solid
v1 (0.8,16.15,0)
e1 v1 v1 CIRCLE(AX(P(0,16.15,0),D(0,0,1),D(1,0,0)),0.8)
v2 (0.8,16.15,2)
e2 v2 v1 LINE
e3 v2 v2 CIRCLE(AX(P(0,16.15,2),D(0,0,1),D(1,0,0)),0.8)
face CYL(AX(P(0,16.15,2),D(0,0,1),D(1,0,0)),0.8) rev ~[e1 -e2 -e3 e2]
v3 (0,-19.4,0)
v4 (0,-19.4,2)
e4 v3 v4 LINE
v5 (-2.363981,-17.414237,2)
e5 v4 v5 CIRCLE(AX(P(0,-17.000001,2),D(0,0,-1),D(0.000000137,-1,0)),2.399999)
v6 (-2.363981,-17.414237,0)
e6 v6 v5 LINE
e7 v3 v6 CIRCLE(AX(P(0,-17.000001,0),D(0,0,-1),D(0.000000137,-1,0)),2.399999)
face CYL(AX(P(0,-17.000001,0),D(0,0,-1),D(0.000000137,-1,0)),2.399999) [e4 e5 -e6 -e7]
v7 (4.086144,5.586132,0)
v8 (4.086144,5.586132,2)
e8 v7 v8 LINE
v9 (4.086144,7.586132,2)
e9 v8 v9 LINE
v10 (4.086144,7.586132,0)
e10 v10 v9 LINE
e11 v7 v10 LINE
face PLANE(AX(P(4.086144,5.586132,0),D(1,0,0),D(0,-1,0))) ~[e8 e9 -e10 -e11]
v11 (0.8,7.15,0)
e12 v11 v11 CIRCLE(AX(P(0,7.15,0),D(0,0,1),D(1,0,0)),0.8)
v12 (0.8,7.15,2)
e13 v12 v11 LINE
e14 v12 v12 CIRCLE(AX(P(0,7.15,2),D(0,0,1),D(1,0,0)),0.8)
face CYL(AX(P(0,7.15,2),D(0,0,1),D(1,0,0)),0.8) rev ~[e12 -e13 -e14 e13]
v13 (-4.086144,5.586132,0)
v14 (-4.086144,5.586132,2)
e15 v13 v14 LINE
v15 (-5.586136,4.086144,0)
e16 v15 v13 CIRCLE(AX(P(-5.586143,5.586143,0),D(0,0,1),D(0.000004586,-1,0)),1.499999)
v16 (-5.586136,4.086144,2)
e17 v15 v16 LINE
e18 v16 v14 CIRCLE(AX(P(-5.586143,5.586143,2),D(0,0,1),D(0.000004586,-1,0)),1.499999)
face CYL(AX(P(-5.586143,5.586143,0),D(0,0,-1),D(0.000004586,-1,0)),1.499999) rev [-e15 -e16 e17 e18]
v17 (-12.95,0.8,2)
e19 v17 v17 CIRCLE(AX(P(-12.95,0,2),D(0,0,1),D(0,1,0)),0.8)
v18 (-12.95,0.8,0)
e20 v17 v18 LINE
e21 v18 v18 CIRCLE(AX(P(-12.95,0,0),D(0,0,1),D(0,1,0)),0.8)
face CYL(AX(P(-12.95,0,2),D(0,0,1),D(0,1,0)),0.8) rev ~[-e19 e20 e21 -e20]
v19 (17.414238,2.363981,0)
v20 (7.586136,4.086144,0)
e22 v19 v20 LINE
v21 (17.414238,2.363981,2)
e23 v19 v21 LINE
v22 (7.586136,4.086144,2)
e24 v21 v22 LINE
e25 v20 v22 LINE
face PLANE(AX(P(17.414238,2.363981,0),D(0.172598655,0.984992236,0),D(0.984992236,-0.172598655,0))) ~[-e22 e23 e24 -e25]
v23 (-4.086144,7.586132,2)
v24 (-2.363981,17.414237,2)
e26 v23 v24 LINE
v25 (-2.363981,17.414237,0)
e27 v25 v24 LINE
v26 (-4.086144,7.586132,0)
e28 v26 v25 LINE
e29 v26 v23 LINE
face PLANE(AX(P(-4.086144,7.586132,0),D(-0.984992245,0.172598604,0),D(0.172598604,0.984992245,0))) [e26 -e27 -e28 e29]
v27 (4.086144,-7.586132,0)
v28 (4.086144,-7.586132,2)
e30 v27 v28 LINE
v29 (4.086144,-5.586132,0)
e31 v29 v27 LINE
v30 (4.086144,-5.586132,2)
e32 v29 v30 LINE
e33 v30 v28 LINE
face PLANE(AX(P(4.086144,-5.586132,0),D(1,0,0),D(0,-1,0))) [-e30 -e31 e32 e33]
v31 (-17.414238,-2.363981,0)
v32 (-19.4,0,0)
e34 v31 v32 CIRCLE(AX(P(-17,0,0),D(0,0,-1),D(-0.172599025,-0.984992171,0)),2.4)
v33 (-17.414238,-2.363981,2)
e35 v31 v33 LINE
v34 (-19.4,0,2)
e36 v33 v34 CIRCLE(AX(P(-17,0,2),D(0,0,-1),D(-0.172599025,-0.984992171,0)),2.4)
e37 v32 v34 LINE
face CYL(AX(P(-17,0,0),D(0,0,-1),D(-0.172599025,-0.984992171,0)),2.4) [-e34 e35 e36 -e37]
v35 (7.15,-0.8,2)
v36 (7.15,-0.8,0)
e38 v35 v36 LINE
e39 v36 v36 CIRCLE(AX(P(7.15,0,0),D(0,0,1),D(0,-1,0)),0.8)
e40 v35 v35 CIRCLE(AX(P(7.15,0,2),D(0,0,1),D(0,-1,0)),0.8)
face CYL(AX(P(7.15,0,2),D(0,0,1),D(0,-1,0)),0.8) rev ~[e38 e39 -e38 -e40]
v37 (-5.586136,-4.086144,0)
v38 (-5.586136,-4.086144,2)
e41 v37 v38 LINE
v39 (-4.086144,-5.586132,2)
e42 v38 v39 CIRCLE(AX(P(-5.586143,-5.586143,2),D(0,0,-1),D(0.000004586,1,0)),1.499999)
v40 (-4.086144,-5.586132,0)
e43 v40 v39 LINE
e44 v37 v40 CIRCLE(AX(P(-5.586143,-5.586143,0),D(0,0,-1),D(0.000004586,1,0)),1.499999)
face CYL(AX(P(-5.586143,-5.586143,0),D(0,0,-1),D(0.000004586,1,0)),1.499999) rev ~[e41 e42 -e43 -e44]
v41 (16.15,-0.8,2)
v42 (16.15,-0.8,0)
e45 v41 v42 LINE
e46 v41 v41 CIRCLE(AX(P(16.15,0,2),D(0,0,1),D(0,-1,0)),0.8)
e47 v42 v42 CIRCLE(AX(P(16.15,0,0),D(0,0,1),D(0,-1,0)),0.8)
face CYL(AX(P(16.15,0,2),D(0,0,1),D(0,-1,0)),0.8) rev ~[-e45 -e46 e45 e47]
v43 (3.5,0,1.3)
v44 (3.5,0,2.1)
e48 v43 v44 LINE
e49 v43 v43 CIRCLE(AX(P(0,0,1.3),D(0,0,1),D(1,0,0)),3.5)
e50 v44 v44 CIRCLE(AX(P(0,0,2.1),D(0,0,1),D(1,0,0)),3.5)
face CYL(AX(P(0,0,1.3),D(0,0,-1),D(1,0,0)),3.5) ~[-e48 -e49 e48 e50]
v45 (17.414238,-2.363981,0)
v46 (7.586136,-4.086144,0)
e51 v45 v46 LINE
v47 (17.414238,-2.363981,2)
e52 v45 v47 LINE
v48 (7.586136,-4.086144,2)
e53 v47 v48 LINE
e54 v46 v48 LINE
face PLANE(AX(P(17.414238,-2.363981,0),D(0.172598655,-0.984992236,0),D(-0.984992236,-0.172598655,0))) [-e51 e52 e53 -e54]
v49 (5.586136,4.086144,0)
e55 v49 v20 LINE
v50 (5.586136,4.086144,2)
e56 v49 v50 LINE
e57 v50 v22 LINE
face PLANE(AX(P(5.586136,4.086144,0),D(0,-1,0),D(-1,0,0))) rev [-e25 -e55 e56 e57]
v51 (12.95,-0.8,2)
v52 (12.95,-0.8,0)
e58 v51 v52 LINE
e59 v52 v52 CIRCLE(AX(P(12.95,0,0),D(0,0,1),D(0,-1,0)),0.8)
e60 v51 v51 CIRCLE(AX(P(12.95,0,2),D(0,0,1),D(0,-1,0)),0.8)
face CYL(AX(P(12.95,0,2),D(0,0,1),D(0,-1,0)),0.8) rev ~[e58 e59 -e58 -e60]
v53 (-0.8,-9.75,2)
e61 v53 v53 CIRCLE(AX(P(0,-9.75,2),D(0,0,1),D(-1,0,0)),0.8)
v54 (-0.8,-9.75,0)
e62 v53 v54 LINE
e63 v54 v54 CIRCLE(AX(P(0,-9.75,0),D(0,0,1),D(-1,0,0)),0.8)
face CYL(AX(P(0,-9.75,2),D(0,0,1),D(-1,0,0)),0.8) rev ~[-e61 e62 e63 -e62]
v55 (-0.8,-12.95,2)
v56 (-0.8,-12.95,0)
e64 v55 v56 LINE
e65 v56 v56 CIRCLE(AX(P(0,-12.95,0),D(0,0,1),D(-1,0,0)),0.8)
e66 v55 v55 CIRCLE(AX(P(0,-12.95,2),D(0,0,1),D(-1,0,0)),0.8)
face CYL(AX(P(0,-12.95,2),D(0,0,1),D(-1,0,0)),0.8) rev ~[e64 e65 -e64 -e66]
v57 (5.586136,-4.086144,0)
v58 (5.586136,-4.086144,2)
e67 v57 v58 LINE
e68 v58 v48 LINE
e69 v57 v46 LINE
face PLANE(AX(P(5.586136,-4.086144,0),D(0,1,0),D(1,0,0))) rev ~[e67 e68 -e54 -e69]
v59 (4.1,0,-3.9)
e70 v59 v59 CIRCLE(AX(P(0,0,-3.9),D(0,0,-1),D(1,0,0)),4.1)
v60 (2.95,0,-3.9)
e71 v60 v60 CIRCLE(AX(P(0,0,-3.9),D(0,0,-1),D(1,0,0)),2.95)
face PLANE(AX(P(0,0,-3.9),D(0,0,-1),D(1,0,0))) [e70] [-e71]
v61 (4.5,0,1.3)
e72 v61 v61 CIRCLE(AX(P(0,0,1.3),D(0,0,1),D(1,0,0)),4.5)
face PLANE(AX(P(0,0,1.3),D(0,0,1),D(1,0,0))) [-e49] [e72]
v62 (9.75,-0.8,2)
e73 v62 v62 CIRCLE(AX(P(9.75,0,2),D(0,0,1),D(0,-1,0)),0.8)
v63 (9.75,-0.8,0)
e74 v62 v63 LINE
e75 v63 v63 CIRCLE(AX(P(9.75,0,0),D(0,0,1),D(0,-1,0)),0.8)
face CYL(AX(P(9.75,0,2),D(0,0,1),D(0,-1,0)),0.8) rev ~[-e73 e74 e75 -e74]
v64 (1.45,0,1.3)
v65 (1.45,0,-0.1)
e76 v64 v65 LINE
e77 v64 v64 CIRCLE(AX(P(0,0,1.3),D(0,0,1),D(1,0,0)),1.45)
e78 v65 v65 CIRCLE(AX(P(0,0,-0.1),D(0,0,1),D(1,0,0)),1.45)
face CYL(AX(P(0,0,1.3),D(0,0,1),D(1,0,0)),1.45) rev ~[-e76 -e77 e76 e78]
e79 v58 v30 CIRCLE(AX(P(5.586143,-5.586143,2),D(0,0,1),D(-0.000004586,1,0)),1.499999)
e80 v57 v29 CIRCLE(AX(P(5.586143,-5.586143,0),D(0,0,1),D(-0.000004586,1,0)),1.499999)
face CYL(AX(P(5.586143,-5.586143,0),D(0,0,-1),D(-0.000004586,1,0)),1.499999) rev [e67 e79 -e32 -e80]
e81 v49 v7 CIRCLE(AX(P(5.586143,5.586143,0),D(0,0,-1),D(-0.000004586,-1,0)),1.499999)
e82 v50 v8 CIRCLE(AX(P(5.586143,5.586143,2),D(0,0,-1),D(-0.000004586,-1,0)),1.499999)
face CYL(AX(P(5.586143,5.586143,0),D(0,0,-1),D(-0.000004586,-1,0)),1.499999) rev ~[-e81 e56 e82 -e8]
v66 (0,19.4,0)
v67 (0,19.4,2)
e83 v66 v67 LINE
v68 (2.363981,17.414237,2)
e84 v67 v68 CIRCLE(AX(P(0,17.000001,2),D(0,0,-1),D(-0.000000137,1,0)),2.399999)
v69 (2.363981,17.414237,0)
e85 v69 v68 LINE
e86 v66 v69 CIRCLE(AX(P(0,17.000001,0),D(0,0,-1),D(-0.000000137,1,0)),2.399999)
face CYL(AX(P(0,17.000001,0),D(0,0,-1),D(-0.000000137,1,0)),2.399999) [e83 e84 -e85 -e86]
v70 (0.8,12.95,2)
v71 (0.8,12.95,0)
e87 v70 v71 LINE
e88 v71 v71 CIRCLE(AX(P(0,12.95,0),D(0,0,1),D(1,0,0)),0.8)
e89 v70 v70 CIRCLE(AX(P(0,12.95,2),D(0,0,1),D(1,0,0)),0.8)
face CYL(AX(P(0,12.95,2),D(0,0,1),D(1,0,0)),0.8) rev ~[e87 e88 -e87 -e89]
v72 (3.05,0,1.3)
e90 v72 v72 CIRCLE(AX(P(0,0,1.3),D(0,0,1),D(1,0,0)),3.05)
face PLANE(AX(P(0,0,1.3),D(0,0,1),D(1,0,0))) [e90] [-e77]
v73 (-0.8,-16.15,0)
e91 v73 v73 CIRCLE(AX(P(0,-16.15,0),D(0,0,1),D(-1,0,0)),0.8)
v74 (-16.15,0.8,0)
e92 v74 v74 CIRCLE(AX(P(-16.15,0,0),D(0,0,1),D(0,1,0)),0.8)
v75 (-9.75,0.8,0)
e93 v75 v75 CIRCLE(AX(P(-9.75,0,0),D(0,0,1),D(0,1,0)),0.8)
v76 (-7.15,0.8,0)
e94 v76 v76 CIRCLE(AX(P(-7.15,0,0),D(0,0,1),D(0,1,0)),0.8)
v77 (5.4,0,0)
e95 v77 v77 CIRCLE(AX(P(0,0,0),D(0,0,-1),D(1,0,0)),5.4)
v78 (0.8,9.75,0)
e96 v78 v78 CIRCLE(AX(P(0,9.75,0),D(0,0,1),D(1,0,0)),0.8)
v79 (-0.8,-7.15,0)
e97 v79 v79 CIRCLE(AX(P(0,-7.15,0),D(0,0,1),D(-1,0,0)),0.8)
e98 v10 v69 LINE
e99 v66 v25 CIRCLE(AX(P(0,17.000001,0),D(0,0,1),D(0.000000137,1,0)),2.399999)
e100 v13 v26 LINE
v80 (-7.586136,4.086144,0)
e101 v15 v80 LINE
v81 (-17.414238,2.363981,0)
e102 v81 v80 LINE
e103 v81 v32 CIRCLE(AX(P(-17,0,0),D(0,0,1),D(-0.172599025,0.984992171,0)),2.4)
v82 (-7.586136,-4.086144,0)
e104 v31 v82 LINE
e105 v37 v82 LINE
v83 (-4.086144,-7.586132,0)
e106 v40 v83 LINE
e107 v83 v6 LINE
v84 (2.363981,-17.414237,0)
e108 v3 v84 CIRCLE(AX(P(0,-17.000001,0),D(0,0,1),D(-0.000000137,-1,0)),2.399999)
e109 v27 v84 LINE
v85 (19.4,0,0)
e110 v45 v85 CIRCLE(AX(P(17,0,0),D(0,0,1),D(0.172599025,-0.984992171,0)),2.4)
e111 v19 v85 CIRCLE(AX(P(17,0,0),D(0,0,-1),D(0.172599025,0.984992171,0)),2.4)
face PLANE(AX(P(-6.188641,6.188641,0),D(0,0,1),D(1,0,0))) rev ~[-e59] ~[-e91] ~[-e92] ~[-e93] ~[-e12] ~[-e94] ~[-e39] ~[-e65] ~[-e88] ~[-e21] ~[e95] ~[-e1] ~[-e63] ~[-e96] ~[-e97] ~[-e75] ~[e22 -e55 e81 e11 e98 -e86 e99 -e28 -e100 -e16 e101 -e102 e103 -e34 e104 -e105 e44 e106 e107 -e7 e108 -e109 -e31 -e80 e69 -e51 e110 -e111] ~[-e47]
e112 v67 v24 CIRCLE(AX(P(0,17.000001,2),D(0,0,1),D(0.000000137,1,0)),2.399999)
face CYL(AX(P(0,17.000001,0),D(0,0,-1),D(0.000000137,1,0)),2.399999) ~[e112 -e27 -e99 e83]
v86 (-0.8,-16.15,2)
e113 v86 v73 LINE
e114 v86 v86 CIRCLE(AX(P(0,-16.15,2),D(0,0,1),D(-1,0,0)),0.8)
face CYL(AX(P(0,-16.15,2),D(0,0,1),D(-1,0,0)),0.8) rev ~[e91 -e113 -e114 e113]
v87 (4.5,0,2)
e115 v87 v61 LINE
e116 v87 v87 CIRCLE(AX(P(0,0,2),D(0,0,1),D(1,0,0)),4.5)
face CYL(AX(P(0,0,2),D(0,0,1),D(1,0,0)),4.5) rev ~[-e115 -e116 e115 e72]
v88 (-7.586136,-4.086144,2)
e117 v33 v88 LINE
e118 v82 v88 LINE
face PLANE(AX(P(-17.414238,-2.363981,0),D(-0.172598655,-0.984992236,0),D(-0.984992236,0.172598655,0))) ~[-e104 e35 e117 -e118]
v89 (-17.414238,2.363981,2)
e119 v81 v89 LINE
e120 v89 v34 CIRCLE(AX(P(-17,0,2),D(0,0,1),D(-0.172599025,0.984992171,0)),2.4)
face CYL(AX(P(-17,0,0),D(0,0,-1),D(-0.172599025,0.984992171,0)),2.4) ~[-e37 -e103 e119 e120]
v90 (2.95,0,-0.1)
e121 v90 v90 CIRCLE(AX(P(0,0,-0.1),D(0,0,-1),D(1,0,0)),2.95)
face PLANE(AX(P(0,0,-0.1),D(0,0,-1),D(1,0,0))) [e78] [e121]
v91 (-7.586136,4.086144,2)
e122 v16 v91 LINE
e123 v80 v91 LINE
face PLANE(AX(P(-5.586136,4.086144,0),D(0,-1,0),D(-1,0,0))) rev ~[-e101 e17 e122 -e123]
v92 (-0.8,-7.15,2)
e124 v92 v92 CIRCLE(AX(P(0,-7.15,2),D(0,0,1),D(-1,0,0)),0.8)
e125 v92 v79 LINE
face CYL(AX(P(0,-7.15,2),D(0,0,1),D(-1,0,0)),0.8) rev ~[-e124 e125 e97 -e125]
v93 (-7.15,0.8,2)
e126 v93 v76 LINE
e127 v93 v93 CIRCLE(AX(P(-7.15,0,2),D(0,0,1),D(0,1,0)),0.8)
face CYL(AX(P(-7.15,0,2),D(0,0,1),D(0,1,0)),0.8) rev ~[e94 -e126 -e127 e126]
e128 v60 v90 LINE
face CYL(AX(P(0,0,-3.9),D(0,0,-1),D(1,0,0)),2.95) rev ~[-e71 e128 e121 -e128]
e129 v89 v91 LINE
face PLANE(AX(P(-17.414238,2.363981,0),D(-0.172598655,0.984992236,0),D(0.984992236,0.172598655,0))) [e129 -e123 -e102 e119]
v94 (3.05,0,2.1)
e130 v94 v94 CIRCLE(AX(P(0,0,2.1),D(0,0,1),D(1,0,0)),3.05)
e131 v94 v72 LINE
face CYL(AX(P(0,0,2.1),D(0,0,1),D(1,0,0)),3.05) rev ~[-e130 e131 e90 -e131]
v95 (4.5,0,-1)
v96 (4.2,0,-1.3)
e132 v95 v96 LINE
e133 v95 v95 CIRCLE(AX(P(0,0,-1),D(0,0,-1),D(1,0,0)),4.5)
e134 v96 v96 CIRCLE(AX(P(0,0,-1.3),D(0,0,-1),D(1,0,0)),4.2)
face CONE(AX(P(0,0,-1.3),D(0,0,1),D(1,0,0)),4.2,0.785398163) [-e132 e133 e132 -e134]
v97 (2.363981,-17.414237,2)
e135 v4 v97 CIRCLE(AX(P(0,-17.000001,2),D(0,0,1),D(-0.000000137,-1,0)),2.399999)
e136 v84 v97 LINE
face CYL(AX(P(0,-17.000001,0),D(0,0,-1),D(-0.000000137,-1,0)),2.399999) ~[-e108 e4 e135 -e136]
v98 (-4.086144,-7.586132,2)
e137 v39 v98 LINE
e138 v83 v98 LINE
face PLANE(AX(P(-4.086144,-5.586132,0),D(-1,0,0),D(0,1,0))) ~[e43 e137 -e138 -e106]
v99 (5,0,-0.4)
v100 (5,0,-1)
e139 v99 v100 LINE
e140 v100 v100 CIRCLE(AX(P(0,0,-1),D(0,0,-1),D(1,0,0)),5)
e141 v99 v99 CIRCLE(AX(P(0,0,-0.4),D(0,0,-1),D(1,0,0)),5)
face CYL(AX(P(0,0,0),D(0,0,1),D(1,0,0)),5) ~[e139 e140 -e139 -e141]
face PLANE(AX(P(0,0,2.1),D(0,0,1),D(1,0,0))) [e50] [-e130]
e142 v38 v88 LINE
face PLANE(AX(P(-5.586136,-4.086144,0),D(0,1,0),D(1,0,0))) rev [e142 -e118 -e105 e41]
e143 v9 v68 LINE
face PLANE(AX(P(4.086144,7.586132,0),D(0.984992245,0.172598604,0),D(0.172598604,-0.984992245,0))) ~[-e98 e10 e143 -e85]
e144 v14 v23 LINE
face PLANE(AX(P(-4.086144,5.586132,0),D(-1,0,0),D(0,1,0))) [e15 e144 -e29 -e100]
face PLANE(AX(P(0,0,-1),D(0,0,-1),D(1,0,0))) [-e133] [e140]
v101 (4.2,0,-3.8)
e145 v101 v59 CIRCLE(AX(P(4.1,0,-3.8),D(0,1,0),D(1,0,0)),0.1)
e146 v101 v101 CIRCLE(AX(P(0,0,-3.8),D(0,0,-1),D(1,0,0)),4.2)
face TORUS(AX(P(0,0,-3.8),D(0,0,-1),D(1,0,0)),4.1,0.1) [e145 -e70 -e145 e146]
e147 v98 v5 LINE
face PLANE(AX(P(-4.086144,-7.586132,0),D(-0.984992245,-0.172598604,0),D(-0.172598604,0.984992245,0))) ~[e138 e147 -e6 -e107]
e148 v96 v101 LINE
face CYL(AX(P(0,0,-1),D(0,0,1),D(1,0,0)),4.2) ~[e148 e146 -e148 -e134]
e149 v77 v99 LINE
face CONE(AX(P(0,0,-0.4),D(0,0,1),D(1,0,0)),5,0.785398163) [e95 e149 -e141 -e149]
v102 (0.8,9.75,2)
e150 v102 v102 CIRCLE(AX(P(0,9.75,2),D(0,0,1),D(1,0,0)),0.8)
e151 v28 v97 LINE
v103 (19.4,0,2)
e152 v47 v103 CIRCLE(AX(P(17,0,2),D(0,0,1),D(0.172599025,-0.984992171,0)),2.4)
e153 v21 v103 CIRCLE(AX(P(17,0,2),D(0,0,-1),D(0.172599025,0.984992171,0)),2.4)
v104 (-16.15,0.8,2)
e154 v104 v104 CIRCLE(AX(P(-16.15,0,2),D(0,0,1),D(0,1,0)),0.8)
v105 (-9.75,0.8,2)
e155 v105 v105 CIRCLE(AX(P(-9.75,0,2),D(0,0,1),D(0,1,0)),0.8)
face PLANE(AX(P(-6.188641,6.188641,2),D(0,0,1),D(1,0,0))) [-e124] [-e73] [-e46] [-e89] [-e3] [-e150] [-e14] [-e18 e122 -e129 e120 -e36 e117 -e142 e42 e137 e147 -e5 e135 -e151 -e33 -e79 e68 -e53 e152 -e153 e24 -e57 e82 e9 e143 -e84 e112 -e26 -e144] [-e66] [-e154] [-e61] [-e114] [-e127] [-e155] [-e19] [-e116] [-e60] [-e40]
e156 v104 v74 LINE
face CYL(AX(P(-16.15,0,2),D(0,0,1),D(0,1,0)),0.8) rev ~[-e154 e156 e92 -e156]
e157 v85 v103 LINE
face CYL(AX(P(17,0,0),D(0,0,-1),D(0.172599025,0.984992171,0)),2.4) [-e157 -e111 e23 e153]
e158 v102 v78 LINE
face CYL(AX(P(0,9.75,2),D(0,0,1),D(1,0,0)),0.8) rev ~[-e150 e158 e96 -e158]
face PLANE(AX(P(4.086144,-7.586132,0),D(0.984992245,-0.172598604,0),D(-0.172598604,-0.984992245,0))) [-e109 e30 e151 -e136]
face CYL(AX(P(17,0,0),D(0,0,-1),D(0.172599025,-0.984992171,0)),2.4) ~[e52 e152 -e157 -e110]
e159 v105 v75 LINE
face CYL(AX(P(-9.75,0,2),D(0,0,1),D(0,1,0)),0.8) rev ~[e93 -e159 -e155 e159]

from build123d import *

# Parameters (mm, degrees)
PAD_DEPTH          = 2
SKETCH001_R        = 4.5
POCKET_DEPTH       = 0.7
SKETCH002_R        = 3.5
PAD001_DEPTH       = 0.8
SKETCH003_R        = 3.05
POCKET001_DEPTH    = 0.8
SKETCH004_R        = 5
PAD002_DEPTH       = 1
SKETCH005_R        = 4.2
PAD003_DEPTH       = 2.9
SKETCH006_R        = 2.95
POCKET002_DEPTH    = 3.8
SKETCH007_R        = 1.45
POCKET003_DEPTH    = 5.201
SKETCH008_R        = 0.8
POCKET004_DEPTH    = 116.298101
POLARPATTERN_COUNT = 4
CHAMFER_SIZE       = 0.4
CHAMFER001_SIZE    = 0.3
FILLET_R           = 0.1


with BuildPart() as horn_top_left_quarter:
    # Sketch → Pad (new body)
    with BuildSketch(Plane.XY):
        with BuildLine():
            Line((0, 0), (0, 19.4))
            ThreePointArc((0, 19.4), (-1.543669, 18.837685), (-2.363981, 17.414237))
            Line((-4.086144, 7.586132), (-2.363981, 17.414237))
            Line((-4.086144, 5.586132), (-4.086144, 7.586132))
            ThreePointArc((-5.586136, 4.086144), (-4.525485, 4.525482), (-4.086144, 5.586132))
            Line((-5.586136, 4.086144), (-7.586136, 4.086144))
            Line((-17.414238, 2.363981), (-7.586136, 4.086144))
            ThreePointArc((-17.414238, 2.363981), (-18.837685, 1.543669), (-19.4, 0))
            Line((-19.4, 0), (0, 0))
        make_face()
    extrude(amount=PAD_DEPTH)


with BuildPart() as upper_half_horn:
    # Part__Mirroring: instance of horn-top-left-quarter
    add(horn_top_left_quarter.part.mirror(Plane(origin=(0, 0, 0), x_dir=(0, -1, 0), z_dir=(1, 0, 0))))

    # Fusion: union horn-top-left-quarter
    add(horn_top_left_quarter.part)


with BuildPart() as horn_final:
    # Part__Mirroring001: instance of Upper-half-horn
    add(upper_half_horn.part.mirror(Plane(origin=(0, 0, 0), x_dir=(1, 0, 0), z_dir=(0, 1, 0))))

    # Fusion001: union Upper-half-horn
    add(upper_half_horn.part)

    # Sketch001 (on Face24 of Fusion001) → Pocket (cut)
    with BuildSketch(Plane.XY.offset(2)):
        Circle(SKETCH001_R)
    extrude(amount=-POCKET_DEPTH, mode=Mode.SUBTRACT)

    # Sketch002 (on Face28 of Pocket) → Pad001 (new body)
    with BuildSketch(Plane.XY.offset(1.3)):
        Circle(SKETCH002_R)
    extrude(amount=PAD001_DEPTH)

    # Sketch003 (on Face30 of Pad001) → Pocket001 (cut)
    with BuildSketch(Plane.XY.offset(2.1)):
        Circle(SKETCH003_R)
    extrude(amount=-POCKET001_DEPTH, mode=Mode.SUBTRACT)

    # Sketch004 (on Face4 of Pocket001) → Pad002 (new body)
    with BuildSketch(Plane(origin=(0, 0, 0), x_dir=(1, 0, 0), z_dir=(0, 0, -1))):
        Circle(SKETCH004_R)
    extrude(amount=PAD002_DEPTH)

    # Sketch005 (on Face29 of Pad002) → Pad003 (new body)
    with BuildSketch(Plane(origin=(0, 0, -1), x_dir=(1, 0, 0), z_dir=(0, 0, -1))):
        Circle(SKETCH005_R)
    extrude(amount=PAD003_DEPTH)

    # Sketch006 (on Face33 of Pad003) → Pocket002 (cut)
    with BuildSketch(Plane(origin=(0, 0, -3.9), x_dir=(1, 0, 0), z_dir=(0, 0, -1))):
        Circle(SKETCH006_R)
    extrude(amount=-POCKET002_DEPTH, mode=Mode.SUBTRACT)

    # Sketch007 (on Face38 of Pocket002) → Pocket003 (cut, through all)
    with BuildSketch(Plane.XY.offset(1.3)):
        Circle(SKETCH007_R)
    extrude(amount=-POCKET003_DEPTH, mode=Mode.SUBTRACT)

    # Sketch008 (on Face5 of Pocket003) → Pocket004 (cut, through all)
    with BuildSketch(Plane.XY.offset(2)):
        with Locations((0, 16.15)):
            Circle(SKETCH008_R)
        with Locations((0, 12.95)):
            Circle(SKETCH008_R)
        with Locations((0, 9.75)):
            Circle(SKETCH008_R)
        with Locations((0, 7.15)):
            Circle(SKETCH008_R)
    pocket004 = extrude(amount=-POCKET004_DEPTH, mode=Mode.SUBTRACT)

    # PolarPattern: Pocket004 ×4 about axis
    polarpattern_axis = Axis((0, 0, 2), (0, 0, 1))
    for i in range(1, POLARPATTERN_COUNT):
        add(pocket004.rotate(polarpattern_axis, i * 360 / POLARPATTERN_COUNT), mode=Mode.SUBTRACT)

    # Chamfer
    chamfer_edges = [horn_final.edges().sort_by_distance(p)[0] for p in [
        (-5, 0, 0),
    ]]
    chamfer(chamfer_edges, length=CHAMFER_SIZE)

    # Chamfer001
    chamfer001_edges = [horn_final.edges().sort_by_distance(p)[0] for p in [
        (-4.2, 0, -1),
    ]]
    chamfer(chamfer001_edges, length=CHAMFER001_SIZE)

    # Fillet
    fillet_edges = [horn_final.edges().sort_by_distance(p)[0] for p in [
        (-4.2, 0, -3.9),
    ]]
    fillet(fillet_edges, radius=FILLET_R)


solid = horn_final.part
